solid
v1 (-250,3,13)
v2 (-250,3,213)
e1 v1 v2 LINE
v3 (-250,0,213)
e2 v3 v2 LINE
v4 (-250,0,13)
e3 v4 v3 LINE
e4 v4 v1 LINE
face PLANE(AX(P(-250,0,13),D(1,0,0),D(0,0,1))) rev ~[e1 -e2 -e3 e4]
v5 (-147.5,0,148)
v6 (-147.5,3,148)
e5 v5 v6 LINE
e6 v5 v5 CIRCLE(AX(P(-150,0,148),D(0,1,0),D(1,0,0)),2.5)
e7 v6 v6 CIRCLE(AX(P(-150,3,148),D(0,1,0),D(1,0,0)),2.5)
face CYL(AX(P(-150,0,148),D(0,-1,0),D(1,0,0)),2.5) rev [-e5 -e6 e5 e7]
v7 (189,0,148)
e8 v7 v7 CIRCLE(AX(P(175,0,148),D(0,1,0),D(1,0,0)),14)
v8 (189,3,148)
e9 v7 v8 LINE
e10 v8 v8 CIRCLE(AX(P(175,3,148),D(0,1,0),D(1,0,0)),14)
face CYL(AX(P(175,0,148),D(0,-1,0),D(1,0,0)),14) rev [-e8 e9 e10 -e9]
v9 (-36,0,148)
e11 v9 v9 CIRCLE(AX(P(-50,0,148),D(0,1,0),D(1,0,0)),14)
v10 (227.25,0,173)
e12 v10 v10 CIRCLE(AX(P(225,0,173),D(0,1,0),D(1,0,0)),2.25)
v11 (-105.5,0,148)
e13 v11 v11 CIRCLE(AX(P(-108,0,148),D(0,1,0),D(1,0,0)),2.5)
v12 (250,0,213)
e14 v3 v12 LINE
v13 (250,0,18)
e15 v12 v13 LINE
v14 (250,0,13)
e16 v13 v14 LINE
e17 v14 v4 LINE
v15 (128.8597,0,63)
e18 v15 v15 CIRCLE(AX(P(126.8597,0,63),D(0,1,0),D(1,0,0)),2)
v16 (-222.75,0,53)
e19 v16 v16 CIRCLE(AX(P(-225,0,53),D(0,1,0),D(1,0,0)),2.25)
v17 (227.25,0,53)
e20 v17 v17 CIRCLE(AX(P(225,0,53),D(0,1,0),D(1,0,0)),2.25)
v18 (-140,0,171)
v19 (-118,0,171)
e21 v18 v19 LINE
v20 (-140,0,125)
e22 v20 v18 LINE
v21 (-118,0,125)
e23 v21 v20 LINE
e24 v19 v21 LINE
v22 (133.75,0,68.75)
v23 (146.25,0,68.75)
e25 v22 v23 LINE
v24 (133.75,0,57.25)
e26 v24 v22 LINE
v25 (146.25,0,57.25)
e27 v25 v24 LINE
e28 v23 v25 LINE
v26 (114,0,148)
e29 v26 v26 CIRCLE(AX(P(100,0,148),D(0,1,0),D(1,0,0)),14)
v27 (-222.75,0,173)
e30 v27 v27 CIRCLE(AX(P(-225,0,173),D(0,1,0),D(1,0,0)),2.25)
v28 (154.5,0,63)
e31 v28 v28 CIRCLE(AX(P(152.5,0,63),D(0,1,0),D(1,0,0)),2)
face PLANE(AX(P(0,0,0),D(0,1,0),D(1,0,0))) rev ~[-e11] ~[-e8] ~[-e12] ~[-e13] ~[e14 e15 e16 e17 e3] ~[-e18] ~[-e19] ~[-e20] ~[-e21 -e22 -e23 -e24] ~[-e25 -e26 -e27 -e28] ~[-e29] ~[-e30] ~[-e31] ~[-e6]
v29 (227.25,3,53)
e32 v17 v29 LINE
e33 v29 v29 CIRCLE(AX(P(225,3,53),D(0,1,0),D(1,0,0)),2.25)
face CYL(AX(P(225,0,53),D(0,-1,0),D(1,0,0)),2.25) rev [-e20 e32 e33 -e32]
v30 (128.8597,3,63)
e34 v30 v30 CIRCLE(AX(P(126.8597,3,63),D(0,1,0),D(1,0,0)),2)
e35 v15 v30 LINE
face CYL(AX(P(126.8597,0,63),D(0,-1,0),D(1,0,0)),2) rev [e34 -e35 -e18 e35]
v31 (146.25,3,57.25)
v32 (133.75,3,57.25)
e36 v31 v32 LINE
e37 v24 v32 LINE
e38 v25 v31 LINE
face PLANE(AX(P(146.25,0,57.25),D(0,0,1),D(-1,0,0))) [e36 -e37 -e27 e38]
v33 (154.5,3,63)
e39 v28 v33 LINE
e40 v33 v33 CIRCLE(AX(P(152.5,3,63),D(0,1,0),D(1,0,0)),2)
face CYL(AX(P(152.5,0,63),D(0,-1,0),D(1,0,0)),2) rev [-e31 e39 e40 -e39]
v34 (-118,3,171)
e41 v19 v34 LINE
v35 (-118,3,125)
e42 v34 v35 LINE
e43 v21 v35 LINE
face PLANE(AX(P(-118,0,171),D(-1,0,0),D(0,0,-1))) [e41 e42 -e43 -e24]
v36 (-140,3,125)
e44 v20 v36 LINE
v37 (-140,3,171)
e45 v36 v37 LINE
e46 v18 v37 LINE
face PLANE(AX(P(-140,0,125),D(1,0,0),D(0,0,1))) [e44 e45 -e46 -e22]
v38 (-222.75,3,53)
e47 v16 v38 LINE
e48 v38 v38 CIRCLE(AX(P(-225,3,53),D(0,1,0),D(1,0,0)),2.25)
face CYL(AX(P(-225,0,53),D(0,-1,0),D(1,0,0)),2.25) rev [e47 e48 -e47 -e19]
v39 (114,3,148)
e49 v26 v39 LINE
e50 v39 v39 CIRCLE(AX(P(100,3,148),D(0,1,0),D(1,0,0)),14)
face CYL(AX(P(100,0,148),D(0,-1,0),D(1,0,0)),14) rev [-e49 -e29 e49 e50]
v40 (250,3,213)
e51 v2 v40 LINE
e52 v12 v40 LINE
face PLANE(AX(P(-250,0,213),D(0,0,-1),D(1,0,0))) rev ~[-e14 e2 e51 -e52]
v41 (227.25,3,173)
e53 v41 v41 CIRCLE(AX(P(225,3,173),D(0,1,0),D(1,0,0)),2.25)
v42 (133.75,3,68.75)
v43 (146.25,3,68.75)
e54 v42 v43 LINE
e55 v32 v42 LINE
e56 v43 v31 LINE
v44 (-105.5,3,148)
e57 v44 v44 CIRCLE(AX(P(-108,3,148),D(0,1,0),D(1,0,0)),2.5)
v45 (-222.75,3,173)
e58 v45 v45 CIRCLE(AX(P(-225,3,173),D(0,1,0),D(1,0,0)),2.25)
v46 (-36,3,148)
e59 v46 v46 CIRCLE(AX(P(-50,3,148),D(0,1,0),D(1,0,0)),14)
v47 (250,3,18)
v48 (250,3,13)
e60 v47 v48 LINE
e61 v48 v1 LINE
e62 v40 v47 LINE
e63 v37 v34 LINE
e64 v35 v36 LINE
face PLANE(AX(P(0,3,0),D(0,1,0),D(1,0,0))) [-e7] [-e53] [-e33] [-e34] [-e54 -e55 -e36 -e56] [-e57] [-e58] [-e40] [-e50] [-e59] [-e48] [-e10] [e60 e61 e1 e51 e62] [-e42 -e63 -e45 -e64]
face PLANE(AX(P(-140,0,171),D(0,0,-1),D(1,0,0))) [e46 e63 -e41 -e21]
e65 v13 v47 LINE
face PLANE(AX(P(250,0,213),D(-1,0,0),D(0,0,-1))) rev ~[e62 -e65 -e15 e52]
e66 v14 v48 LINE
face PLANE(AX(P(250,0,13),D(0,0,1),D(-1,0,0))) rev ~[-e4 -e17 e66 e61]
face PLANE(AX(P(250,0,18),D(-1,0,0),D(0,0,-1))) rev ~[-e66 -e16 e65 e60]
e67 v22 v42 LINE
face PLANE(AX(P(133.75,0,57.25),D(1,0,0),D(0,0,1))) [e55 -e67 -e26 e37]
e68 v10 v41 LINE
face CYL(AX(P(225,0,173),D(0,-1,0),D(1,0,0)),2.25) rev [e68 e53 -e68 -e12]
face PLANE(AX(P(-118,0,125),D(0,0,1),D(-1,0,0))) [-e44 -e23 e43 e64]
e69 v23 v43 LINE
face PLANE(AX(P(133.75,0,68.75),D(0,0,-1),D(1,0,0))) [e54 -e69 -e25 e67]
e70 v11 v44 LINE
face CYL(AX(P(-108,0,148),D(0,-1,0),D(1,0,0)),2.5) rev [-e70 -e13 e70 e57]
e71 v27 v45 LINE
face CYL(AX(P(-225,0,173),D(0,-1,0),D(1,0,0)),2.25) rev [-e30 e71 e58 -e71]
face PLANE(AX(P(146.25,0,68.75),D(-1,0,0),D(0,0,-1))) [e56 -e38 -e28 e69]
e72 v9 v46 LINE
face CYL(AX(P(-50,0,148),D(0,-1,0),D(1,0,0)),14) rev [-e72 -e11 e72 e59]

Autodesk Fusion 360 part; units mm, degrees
sketch "Panel" plane through (0, 0, 0) normal (0, 1, 0) x (1, 0, 0)
  line L0 (250, -18) -> (250, -13)
  circle A0 centre (175, -148) radius 14
  line L1 (-140, -125) -> (-118, -171) construction
  circle A1 centre (-108, -148) radius 2.5
  circle A2 centre (152.5, -63) radius 2
  line L2 (140, -80) -> (140, -13) construction
  line L3 (-140, -125) -> (-140, -171)
  line L4 (123.1713, -63) -> (203.1713, -63) construction
  line L5 (-118, -125) -> (-140, -171) construction
  line L6 (250, -13) -> (-250, -13)
  line L7 (250, -213) -> (250, -13)
  circle A3 centre (100, -148) radius 14
  circle A4 centre (-150, -148) radius 2.5
  line L8 (-118, -171) -> (-118, -125)
  circle A5 centre (-50, -148) radius 14
  line L9 (-250, -213) -> (250, -213)
  line L10 (-250, -13) -> (-250, -213)
  line L11 (250, -13) -> (-250, -13)
  circle A6 centre (225, -53) radius 2.25
  line L12 (225, -213) -> (225, -13) construction
  line L13 (-140, -171) -> (-118, -171)
  line L14 (-118, -125) -> (-140, -125)
  line L15 (250, -148) -> (-250, -148) construction
  line L16 (-225, -213) -> (-225, -13) construction
  circle A7 centre (225, -173) radius 2.25
  circle A8 centre (-225, -53) radius 2.25
  circle A9 centre (-225, -173) radius 2.25
  circle A10 centre (126.8597, -63) radius 2
  line L17 (146.25, -57.25) -> (133.75, -57.25)
  line L18 (133.75, -57.25) -> (133.75, -68.75)
  line L19 (133.75, -68.75) -> (146.25, -68.75)
  line L20 (146.25, -68.75) -> (146.25, -57.25)
  line L21 (146.25, -57.25) -> (133.75, -68.75) construction
  line L22 (133.75, -57.25) -> (146.25, -68.75) construction
  point P0 (189, -148)
  point P1 (-152.5, -148)
  point P2 (-129, -148)
  point P3 (140, -63)
  dimension "d1" = 500
  dimension "d2" = 200
  dimension "d3" = 28
  dimension "d4" = 28
  dimension "d5" = 28
  dimension "d6" = 150
  dimension "d7" = 46
  dimension "d8" = 22
  dimension "d9" = 5
  dimension "d10" = 5
  dimension "d11" = 21
  dimension "d12" = 21
  dimension "d13" = 100
  dimension "d14" = 75
  dimension "d15" = 25
  dimension "d16" = 25
  dimension "d17" = 4.5
  dimension "d18" = 40
  dimension "d25" = 110
  dimension "d28" = 4
  dimension "d30" = 12.5
  dimension "d32" = 50
  dimension "d34" = 13
  dimension "d35" = 75
  dimension "d36" = 250
  dimension "d37" = 65
  dimension "d38" = 4.5
  dimension "d39" = 4.5
  dimension "d40" = 4.5
  dimension "d41" = 40
  dimension "d42" = 40
  dimension "d43" = 40
  dimension "d44" = 4
  dimension "d45" = 12.5
extrude "Extrude1" add sketch "Panel" along normal blind 3
equation "d4 = d3"
equation "d5 = d3"
equation "d6 = d140 * 2"
equation "d12 = d124"
equation "d18 = d41"
equation "d22 = d163"
equation "d36 = d1 / 2"
equation "d38 = d17"
equation "d39 = d17"
equation "d40 = d17"
equation "d42 = d41"
equation "d43 = d41"
equation "d44 = d28"
